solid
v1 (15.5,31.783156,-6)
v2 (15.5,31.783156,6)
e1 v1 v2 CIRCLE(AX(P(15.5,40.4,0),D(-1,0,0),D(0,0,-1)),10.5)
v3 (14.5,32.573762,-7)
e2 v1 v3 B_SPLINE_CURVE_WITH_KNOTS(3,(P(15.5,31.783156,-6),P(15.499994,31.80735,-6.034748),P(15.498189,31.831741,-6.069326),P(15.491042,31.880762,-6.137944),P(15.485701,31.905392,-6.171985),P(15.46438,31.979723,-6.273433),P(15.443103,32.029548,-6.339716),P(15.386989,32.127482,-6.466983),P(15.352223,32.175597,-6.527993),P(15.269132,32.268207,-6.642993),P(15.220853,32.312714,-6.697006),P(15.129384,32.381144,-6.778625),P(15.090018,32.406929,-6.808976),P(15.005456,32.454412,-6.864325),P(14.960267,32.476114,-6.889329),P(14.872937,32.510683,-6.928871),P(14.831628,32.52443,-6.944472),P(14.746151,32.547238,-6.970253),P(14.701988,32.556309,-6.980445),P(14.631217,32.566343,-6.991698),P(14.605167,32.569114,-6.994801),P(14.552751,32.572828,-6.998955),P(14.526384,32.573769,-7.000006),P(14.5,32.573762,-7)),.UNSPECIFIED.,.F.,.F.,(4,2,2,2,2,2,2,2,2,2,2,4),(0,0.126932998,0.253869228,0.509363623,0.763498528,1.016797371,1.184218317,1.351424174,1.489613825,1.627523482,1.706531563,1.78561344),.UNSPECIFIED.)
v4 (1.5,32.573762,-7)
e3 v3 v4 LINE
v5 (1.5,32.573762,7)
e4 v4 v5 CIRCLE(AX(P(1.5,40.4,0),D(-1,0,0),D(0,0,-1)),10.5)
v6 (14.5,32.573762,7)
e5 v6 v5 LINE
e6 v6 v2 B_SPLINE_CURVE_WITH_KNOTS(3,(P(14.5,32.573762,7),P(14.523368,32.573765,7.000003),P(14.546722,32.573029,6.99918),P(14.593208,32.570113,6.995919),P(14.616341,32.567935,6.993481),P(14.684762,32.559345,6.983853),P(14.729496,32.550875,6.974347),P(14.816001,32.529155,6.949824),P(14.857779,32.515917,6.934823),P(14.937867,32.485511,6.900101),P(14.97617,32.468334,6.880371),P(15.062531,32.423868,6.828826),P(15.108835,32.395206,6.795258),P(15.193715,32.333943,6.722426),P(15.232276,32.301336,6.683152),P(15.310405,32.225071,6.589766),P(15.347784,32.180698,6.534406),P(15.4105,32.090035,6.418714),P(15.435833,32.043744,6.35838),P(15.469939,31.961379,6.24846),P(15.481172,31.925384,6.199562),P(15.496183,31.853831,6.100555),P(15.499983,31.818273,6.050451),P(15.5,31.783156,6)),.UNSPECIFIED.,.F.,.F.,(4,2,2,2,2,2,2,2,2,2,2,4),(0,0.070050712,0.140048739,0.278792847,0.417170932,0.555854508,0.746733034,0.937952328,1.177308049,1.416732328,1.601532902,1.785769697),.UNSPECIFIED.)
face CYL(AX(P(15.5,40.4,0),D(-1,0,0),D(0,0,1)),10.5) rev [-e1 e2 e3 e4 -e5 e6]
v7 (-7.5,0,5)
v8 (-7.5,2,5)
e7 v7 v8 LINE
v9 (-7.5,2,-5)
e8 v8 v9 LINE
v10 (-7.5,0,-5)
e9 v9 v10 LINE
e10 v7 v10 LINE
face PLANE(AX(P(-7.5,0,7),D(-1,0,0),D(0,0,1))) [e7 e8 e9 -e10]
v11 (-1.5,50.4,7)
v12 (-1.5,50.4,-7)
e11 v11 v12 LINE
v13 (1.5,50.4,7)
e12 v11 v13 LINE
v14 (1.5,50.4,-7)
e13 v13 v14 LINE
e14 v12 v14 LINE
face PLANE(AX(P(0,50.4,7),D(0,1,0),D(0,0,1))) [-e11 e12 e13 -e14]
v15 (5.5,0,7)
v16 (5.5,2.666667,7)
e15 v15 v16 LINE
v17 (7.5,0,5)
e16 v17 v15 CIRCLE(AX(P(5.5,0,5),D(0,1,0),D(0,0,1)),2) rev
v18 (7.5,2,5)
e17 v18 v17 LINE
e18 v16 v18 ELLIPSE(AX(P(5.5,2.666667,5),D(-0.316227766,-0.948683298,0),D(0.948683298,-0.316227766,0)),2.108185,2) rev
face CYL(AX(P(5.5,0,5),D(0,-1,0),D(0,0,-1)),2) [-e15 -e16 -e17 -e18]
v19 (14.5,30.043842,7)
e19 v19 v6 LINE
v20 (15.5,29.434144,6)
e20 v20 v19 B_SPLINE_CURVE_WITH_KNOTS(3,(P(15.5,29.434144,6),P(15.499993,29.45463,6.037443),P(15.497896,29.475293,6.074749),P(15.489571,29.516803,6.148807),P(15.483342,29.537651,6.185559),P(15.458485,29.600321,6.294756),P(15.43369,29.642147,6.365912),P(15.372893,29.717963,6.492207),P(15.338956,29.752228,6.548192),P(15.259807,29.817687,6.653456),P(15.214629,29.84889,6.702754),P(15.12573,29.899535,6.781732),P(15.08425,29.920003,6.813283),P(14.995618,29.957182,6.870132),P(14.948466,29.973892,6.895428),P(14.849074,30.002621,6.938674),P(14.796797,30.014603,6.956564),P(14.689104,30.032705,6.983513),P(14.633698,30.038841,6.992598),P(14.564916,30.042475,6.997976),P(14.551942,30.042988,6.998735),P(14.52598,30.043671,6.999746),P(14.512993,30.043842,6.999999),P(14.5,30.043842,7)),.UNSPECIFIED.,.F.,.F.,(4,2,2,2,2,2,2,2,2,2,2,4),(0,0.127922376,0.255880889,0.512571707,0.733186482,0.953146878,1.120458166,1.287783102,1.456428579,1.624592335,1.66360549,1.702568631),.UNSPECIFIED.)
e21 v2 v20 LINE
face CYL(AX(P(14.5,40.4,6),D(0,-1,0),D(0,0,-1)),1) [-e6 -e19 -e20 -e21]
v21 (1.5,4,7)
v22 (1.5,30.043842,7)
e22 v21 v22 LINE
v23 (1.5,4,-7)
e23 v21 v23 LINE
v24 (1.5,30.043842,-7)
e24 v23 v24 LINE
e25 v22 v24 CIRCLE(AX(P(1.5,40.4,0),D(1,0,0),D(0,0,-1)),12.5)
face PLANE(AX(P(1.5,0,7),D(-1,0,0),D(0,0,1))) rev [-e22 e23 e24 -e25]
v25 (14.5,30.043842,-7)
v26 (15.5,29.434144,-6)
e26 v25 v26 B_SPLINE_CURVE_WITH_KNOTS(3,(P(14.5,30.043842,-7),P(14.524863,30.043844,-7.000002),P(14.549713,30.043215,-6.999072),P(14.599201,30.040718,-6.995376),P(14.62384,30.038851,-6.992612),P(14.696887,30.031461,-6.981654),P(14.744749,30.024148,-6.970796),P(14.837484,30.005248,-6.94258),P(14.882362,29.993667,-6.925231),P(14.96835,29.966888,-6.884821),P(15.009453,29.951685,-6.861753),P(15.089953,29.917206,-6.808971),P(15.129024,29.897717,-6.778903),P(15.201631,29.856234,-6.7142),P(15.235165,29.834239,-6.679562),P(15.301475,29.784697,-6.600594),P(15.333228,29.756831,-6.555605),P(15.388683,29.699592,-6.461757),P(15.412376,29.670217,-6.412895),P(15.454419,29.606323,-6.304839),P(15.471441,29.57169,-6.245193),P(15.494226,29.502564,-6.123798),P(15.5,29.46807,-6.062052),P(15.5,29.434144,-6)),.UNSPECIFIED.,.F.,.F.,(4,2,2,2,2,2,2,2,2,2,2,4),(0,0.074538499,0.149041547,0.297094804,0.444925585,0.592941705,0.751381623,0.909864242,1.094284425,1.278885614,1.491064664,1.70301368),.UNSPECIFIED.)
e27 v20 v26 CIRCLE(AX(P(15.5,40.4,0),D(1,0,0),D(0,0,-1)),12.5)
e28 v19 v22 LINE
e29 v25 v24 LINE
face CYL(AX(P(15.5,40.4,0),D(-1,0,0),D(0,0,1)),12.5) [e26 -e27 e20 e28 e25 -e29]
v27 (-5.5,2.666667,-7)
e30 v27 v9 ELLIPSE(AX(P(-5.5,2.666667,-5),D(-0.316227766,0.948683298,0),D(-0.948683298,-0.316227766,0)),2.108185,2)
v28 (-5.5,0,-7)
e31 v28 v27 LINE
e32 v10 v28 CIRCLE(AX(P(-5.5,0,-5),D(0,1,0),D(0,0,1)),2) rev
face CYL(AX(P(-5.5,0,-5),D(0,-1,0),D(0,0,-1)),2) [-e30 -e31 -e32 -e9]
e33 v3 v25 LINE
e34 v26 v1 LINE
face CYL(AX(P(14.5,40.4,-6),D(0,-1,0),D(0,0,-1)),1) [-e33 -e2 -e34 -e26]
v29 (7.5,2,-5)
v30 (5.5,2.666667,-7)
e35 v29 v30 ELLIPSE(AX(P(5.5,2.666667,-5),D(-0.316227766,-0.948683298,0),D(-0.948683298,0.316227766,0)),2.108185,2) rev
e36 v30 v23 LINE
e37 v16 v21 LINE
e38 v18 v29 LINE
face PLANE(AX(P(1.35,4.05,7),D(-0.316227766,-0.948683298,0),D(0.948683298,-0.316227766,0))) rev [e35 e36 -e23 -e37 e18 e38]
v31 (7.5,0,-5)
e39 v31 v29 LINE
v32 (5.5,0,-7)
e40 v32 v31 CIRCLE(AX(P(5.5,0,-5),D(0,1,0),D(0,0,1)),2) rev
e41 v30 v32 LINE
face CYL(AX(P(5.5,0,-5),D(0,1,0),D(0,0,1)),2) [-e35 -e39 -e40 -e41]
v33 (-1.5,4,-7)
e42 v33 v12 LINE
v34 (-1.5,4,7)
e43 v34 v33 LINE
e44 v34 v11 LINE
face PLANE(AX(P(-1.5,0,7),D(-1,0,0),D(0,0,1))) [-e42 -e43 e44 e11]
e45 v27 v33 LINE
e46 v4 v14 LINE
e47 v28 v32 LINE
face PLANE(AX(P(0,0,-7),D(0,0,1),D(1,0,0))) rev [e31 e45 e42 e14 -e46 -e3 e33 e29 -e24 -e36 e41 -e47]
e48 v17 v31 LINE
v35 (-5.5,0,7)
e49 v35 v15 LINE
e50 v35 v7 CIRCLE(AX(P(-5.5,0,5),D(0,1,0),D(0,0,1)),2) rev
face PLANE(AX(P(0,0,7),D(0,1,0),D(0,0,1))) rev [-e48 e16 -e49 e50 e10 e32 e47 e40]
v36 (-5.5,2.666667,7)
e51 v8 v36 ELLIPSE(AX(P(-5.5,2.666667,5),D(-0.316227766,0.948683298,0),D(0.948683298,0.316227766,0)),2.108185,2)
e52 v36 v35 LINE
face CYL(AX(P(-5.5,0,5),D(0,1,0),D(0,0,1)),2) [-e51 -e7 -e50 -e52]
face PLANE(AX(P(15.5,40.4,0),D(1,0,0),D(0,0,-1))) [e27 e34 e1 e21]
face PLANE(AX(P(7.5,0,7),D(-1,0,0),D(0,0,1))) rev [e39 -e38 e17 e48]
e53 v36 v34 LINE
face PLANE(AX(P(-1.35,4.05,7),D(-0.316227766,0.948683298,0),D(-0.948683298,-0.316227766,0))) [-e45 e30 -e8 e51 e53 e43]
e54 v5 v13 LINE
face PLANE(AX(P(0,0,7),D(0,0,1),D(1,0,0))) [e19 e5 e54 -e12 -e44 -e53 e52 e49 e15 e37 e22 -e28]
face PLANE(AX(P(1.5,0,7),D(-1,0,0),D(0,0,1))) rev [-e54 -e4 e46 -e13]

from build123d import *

# Parameters (mm, degrees)
ESBO_O1_W                = 3
ESBO_O1_H                = 50.4
RESSALTO_EXTRUS_O1_DEPTH = 7
FILETE1_R                = 2
RESSALTO_EXTRUS_O2_DEPTH = 14
FILETE2_R                = 1


with BuildPart() as part:
    # Esboço1 → Ressalto-extrusão1 (new body, symmetric)
    with BuildSketch(Plane.XY):
        with Locations((0, 25.2)):
            Rectangle(ESBO_O1_W, ESBO_O1_H)
        Polygon((-7.5, 0), (-1.5, 0), (-1.5, 4), (-7.5, 2), align=None)
        Polygon((1.5, 4), (1.5, 0), (7.5, 0), (7.5, 2), align=None)
    extrude(amount=RESSALTO_EXTRUS_O1_DEPTH, both=True)

    # Filete1
    filete1_edges = [part.edges().sort_by_distance(p)[0] for p in [
        (-7.5, 1, -7),
        (7.5, 1, -7),
        (7.5, 1, 7),
        (-7.5, 1, 7),
    ]]
    fillet(filete1_edges, radius=FILETE1_R)

    # Esboço3 → Ressalto-extrusão2 (add)
    with BuildSketch(Plane(origin=(1.5, 0, 0), x_dir=(0, 0, -1), z_dir=(1, 0, 0))):
        with BuildLine():
            Line((-7, 32.573762079), (-7, 30.043842411))
            ThreePointArc((-7, 30.043842411), (0, 27.9), (7, 30.043842411))
            Line((7, 30.043842411), (7, 32.573762079))
            ThreePointArc((7, 32.573762079), (0, 29.9), (-7, 32.573762079))
        make_face()
    extrude(amount=RESSALTO_EXTRUS_O2_DEPTH)

    # Filete2
    filete2_edges = [part.edges().sort_by_distance(p)[0] for p in [
        (15.5, 31.308802245, 7),
        (15.5, 31.308802245, -7),
    ]]
    fillet(filete2_edges, radius=FILETE2_R)


solid = part.part
